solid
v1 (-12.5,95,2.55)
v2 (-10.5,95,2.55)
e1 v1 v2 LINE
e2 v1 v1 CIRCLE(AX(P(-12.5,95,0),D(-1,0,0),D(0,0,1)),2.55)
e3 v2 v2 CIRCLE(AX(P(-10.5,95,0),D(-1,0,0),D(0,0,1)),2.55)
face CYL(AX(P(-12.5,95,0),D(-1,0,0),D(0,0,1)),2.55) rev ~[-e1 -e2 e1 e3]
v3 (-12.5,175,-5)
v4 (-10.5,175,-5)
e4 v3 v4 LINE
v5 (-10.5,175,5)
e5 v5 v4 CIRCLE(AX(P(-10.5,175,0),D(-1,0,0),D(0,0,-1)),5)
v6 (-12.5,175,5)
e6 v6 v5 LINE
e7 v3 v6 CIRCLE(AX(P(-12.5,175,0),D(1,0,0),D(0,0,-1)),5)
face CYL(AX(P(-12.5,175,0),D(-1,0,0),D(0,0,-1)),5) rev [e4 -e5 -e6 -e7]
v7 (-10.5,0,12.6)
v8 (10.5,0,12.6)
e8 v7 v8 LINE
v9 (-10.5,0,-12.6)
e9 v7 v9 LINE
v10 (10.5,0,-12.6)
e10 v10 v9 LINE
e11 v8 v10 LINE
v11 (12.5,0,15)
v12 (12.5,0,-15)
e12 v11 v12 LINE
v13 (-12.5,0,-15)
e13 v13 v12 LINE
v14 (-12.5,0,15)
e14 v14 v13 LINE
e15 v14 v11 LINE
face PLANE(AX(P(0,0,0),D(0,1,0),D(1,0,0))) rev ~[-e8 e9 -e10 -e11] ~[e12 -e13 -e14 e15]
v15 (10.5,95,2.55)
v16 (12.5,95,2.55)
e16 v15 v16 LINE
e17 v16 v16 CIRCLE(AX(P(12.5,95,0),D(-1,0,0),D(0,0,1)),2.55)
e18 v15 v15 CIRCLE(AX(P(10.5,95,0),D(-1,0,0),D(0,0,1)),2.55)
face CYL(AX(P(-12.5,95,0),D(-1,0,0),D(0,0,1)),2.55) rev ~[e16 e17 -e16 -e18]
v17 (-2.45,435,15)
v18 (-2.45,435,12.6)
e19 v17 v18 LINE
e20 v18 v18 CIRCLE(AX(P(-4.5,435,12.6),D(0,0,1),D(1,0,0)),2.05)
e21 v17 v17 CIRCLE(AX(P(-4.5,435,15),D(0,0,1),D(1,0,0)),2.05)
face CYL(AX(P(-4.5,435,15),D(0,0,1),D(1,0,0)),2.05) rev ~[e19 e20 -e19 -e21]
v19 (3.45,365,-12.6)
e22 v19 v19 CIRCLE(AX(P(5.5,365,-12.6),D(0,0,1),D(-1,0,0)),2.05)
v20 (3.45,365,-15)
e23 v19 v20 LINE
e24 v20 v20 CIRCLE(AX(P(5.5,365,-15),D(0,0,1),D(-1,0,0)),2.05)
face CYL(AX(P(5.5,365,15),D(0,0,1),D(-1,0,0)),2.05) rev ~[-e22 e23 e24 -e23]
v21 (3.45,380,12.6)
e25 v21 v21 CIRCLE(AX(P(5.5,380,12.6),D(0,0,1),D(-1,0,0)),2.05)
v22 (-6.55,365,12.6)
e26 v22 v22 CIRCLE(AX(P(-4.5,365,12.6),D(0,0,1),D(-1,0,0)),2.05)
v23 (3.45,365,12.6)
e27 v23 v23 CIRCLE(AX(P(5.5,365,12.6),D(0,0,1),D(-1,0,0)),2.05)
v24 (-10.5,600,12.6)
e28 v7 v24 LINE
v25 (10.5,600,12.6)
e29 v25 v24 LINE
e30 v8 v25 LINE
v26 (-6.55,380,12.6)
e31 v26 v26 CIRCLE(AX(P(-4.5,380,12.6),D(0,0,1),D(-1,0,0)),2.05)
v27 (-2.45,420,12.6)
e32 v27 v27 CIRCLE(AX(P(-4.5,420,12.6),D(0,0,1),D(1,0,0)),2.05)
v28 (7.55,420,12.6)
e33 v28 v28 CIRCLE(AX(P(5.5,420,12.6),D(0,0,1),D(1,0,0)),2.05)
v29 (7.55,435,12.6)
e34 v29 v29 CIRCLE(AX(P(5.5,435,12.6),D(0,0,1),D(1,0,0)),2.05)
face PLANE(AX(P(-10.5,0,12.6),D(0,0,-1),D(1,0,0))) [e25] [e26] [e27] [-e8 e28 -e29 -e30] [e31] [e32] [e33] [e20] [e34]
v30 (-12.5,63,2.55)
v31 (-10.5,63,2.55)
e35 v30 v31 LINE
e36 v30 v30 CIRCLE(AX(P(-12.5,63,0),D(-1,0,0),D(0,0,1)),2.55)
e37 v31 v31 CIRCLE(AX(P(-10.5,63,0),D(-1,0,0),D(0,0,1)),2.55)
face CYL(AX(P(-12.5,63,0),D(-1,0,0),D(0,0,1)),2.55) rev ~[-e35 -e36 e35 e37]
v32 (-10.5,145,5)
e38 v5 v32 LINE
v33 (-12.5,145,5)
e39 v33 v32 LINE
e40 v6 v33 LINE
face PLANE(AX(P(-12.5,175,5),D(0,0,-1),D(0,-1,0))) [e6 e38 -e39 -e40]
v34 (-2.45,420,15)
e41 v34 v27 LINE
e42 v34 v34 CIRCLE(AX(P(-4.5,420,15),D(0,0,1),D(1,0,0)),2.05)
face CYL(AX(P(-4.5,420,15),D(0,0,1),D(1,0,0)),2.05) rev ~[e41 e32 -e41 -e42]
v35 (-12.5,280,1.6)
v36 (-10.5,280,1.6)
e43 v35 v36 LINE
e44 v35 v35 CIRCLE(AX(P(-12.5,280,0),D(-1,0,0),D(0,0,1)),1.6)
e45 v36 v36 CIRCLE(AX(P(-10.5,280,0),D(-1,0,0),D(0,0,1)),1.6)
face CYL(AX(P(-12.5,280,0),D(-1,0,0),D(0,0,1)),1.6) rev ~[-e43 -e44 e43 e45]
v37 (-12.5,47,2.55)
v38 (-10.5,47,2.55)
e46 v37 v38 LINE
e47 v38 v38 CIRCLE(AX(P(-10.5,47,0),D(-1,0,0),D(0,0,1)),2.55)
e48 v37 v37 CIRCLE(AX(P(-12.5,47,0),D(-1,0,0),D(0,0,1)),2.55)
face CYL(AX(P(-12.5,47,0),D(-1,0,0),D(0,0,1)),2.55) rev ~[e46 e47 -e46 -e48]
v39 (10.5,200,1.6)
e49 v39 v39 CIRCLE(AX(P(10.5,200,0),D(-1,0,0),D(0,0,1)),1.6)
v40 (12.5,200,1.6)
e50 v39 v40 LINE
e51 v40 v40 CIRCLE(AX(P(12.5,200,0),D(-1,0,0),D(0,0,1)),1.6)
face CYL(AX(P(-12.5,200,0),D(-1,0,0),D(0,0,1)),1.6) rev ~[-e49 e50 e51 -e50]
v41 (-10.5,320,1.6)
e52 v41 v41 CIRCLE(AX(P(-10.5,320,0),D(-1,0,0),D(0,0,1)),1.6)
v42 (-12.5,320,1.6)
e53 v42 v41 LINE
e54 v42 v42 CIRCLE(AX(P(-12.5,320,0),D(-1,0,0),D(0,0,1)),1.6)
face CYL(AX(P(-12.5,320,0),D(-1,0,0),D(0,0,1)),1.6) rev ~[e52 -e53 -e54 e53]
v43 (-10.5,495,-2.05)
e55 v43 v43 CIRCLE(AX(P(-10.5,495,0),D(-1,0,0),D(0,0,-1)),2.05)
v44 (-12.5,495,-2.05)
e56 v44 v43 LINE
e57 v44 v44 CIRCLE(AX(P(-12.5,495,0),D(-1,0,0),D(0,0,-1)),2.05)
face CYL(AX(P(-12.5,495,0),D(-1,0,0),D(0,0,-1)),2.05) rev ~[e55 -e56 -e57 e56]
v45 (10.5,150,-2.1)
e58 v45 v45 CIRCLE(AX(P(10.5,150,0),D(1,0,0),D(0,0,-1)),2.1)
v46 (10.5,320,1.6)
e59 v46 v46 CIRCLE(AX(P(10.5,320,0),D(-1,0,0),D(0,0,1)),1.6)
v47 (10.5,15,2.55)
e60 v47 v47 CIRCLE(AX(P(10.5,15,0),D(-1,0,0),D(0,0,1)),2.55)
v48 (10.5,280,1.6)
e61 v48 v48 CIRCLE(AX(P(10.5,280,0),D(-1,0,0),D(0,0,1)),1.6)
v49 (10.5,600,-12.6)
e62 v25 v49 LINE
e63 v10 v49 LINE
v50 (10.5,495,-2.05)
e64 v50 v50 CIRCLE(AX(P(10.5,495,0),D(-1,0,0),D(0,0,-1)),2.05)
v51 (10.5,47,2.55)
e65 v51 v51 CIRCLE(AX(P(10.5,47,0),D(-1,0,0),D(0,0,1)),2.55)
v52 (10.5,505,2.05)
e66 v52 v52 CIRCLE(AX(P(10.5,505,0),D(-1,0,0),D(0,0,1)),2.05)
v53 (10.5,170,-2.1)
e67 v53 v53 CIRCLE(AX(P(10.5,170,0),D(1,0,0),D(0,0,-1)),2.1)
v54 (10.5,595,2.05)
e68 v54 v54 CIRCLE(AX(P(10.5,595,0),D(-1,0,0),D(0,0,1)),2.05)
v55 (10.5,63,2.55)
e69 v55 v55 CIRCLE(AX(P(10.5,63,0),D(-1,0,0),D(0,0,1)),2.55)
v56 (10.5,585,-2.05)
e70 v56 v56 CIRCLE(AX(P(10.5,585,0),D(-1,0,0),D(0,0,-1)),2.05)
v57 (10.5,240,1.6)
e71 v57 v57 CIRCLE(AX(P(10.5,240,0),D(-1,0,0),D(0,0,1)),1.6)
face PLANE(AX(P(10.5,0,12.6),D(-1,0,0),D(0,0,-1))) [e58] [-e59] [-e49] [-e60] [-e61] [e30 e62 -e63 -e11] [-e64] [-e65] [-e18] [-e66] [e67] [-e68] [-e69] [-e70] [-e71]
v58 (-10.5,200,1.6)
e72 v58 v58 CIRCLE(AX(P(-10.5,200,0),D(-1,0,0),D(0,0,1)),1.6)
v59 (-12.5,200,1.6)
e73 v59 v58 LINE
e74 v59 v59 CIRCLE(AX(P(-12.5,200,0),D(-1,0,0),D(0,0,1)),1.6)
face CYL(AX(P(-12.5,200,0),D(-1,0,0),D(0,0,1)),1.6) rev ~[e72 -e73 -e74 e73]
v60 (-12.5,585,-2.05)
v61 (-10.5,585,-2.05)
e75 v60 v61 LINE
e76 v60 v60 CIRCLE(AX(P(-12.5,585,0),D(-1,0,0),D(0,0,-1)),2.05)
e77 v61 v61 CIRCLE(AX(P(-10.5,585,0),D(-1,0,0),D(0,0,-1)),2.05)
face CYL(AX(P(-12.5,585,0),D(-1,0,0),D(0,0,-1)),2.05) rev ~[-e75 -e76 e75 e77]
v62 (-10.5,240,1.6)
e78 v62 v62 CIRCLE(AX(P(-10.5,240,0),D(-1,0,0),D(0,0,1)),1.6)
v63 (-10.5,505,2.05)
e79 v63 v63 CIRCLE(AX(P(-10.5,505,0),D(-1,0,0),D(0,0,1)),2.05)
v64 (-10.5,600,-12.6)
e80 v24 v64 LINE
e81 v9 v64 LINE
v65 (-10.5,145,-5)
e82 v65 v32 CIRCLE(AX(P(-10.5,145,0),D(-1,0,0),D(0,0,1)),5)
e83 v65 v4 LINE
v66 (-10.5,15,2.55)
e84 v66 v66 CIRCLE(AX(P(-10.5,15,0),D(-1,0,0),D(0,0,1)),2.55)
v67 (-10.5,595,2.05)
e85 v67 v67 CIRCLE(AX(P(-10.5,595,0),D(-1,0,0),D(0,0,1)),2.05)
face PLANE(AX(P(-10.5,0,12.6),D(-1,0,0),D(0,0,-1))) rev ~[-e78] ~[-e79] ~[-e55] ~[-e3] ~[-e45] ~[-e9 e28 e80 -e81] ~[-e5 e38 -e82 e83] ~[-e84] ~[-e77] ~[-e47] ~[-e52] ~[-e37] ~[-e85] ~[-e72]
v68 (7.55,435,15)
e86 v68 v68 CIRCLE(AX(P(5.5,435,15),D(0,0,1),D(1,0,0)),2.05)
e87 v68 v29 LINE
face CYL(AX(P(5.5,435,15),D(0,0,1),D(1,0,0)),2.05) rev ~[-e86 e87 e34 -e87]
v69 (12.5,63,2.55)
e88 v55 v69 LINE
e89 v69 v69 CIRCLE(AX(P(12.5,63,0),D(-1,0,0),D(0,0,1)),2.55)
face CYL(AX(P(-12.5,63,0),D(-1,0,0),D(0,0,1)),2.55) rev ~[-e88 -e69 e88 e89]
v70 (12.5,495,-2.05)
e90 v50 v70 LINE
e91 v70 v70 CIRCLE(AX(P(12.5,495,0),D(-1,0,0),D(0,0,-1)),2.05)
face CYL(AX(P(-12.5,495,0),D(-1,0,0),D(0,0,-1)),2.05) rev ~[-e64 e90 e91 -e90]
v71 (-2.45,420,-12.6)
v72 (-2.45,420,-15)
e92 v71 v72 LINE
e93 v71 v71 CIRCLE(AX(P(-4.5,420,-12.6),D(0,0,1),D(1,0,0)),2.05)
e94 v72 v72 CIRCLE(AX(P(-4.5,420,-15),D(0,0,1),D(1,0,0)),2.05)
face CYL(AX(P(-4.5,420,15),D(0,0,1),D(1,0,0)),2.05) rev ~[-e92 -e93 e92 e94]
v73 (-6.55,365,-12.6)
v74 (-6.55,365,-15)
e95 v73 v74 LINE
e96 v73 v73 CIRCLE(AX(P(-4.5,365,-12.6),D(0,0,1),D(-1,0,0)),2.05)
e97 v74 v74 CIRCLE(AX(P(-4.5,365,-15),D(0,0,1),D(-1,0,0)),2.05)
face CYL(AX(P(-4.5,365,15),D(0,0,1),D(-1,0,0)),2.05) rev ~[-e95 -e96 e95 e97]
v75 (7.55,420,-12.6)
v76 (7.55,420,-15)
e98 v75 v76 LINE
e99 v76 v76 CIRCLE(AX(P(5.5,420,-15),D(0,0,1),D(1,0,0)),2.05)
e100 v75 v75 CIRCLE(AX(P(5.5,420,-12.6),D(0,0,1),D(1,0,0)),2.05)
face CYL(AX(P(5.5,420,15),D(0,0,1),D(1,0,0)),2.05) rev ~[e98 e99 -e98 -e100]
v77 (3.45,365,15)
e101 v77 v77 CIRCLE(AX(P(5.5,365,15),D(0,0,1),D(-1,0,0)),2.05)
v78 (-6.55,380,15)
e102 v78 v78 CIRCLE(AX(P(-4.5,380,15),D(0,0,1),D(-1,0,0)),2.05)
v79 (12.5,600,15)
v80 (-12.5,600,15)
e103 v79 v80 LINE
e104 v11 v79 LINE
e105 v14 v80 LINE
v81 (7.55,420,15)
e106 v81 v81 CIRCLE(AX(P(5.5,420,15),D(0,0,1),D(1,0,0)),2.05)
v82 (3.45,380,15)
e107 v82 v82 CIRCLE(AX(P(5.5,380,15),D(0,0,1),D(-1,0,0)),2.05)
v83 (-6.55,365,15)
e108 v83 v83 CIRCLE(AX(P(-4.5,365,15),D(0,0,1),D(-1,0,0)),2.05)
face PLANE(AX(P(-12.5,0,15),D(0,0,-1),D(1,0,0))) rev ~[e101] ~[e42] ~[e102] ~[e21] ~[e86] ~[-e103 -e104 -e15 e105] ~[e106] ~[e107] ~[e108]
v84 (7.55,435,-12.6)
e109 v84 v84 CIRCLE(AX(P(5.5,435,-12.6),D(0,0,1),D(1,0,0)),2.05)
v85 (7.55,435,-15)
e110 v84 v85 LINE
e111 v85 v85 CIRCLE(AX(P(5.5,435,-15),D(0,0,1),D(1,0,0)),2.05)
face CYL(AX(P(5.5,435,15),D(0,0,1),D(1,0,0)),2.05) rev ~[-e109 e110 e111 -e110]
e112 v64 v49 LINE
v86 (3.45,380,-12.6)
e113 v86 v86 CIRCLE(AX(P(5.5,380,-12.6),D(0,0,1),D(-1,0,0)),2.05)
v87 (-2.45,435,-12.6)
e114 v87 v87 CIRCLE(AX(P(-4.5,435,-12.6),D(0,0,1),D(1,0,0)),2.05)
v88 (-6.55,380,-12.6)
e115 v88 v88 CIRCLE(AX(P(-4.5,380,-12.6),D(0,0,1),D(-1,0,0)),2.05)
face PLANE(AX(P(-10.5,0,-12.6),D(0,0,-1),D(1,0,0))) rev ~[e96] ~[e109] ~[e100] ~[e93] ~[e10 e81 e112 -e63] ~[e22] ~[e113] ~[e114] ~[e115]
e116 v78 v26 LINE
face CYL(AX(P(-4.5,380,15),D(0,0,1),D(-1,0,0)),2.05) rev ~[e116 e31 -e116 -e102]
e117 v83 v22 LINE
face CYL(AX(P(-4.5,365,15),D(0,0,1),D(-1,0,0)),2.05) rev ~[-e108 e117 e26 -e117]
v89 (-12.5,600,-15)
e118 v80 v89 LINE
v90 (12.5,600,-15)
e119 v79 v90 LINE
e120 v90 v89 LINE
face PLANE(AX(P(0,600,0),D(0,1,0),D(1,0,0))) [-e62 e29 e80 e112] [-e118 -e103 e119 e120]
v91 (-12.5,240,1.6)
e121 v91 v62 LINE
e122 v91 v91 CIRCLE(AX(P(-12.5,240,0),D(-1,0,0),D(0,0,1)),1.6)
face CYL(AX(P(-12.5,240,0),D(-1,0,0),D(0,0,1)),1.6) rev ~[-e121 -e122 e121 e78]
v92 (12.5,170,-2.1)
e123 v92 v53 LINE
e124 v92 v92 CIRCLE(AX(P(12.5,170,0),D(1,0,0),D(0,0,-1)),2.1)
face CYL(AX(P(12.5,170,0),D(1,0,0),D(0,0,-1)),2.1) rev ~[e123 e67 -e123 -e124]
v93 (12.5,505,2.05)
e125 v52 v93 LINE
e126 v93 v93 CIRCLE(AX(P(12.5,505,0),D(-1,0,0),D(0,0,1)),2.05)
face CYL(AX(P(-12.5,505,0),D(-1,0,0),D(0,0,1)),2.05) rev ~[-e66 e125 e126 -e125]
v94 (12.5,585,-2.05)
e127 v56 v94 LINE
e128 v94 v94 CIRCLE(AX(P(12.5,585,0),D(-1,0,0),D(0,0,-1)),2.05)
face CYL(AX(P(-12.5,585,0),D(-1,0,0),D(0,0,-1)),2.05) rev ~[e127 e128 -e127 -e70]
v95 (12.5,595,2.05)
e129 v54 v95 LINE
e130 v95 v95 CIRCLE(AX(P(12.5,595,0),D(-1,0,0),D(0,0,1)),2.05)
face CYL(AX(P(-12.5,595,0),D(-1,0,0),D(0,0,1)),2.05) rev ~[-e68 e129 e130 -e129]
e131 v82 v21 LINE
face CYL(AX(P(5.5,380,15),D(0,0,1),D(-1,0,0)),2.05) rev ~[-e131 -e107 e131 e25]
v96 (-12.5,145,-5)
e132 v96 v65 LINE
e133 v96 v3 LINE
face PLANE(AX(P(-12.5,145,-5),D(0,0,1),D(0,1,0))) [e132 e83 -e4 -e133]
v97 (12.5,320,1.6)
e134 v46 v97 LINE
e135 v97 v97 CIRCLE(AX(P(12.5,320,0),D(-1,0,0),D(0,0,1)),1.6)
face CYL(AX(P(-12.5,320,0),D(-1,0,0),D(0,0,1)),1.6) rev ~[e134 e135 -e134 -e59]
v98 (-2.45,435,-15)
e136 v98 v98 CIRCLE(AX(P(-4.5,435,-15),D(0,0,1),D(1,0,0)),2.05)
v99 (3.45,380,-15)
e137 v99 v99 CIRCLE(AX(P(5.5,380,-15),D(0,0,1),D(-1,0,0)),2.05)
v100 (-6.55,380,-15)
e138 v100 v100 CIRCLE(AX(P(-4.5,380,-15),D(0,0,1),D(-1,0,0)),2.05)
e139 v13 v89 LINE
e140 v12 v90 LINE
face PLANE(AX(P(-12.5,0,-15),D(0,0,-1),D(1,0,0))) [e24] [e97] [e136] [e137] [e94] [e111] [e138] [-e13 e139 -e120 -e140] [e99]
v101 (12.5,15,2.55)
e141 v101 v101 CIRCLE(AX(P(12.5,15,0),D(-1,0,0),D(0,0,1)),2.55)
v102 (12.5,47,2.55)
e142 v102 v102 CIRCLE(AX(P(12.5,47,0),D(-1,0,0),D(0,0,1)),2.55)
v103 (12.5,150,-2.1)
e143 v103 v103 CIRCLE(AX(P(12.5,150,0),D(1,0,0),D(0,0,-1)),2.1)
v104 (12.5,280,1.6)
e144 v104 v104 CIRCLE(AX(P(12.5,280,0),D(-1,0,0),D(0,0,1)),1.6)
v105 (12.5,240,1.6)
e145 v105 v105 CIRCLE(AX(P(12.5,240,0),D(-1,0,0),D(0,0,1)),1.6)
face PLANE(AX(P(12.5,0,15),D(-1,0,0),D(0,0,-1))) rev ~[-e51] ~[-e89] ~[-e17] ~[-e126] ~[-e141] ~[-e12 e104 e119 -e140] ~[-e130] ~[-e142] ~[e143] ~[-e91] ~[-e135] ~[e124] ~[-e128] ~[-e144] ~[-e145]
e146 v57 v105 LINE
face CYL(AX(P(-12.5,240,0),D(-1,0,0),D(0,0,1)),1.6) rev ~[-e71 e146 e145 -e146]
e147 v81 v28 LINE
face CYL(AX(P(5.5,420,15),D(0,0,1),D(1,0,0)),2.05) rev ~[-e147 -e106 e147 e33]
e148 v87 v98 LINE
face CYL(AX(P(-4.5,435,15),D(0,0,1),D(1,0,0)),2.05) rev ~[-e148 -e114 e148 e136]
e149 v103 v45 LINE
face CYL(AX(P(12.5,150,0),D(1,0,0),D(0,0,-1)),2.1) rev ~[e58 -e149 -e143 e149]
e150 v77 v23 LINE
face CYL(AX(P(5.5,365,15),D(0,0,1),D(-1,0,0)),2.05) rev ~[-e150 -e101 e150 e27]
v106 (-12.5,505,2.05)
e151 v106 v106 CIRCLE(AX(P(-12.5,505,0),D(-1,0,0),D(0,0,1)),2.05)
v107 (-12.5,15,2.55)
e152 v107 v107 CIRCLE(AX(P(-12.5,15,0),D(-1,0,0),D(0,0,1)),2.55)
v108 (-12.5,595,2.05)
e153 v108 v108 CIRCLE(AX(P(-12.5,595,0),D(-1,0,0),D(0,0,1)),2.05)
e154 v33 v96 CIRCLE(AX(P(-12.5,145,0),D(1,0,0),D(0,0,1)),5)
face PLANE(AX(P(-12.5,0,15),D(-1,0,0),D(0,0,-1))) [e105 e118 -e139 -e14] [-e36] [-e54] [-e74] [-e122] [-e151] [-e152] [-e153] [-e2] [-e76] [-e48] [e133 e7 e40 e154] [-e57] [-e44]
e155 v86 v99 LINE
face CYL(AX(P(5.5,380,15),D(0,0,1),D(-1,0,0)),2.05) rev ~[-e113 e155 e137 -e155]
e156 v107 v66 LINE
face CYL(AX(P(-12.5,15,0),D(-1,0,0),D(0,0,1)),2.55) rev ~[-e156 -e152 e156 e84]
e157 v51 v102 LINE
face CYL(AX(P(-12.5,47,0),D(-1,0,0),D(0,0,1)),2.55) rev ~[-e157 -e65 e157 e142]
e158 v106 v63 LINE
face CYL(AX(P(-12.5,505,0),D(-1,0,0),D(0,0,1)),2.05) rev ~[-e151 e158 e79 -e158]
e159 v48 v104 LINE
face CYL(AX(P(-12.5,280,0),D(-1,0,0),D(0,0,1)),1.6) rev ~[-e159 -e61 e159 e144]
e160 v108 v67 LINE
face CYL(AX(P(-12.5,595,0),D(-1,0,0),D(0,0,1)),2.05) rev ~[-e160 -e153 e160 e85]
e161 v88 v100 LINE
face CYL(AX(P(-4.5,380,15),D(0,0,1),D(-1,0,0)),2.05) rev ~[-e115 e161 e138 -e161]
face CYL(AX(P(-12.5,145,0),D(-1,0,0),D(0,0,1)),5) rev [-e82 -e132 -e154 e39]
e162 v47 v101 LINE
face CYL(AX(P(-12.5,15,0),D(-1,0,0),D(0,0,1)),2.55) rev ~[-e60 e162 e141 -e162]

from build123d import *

# Parameters (mm, degrees)
SKETCH_1_W           = 25
SKETCH_1_H           = 30
SKETCH_1_W_2         = 21
SKETCH_1_H_2         = 25.2
EXTRUDE_1_DEPTH      = 600
SKETCH_3_R           = 2.05
SKETCH_3_R_2         = 2.55
CUT_EXTRUDE_2_DEPTH  = 601.707915713
SKETCH_4_R           = 2.05
CUT_EXTRUDE_3_DEPTH  = 601.87956364
SKETCH_6_R           = 2.55
CUT_EXTRUDE_4_DEPTH  = 42
CUT_EXTRUDE_5_REACH  = 602.708
SKETCH_7_R           = 2.1
SKETCH_8_OUTSIDE_W   = 152.254
SKETCH_8_OUTSIDE_H   = 722.254
SKETCH_8_OUTSIDE_W_2 = 30
SKETCH_8_OUTSIDE_H_2 = 600
CUT_EXTRUDE_8_DEPTH  = 5
SKETCH_9_R           = 1.6
CUT_EXTRUDE_9_DEPTH  = 40


with BuildPart() as part:
    # 草图1 → 凸台-拉伸1 (new body)
    with BuildSketch(Plane(origin=(0, 0, 0), x_dir=(1, 0, 0), z_dir=(0, 1, 0))):
        Rectangle(SKETCH_1_W, SKETCH_1_H)
        Rectangle(SKETCH_1_W_2, SKETCH_1_H_2, mode=Mode.SUBTRACT)
    extrude(amount=EXTRUDE_1_DEPTH)

    # 草图3 → 切除-拉伸2 (cut, through all)
    with BuildSketch(Plane.ZY.offset(12.5)):
        with Locations((0, 595)):
            Circle(SKETCH_3_R)
        with Locations(Location((0, 585, 0), (0, 0, 180))):
            Circle(SKETCH_3_R)
        with Locations((0, 505)):
            Circle(SKETCH_3_R)
        with Locations(Location((0, 495, 0), (0, 0, 180))):
            Circle(SKETCH_3_R)
        with Locations((0, 15)):
            Circle(SKETCH_3_R_2)
        with Locations((0, 47)):
            Circle(SKETCH_3_R_2)
    extrude(amount=-CUT_EXTRUDE_2_DEPTH, mode=Mode.SUBTRACT)

    # 草图4 → 切除-拉伸3 (cut, through all)
    with BuildSketch(Plane.XY.offset(15)):
        with Locations((5.5, 435)):
            Circle(SKETCH_4_R)
        with Locations((-4.5, 435)):
            Circle(SKETCH_4_R)
        with Locations((-4.5, 420)):
            Circle(SKETCH_4_R)
        with Locations((5.5, 420)):
            Circle(SKETCH_4_R)
        with Locations(Location((-4.5, 380, 0), (0, 0, 180))):
            Circle(SKETCH_4_R)
        with Locations(Location((-4.5, 365, 0), (0, 0, 180))):
            Circle(SKETCH_4_R)
        with Locations(Location((5.5, 365, 0), (0, 0, 180))):
            Circle(SKETCH_4_R)
        with Locations(Location((5.5, 380, 0), (0, 0, 180))):
            Circle(SKETCH_4_R)
    extrude(amount=-CUT_EXTRUDE_3_DEPTH, mode=Mode.SUBTRACT)

    # 草图6 → 切除-拉伸4 (cut)
    with BuildSketch(Plane.ZY.offset(12.5)):
        with Locations((0, 63)):
            Circle(SKETCH_6_R)
        with Locations((0, 95)):
            Circle(SKETCH_6_R)
    extrude(amount=-CUT_EXTRUDE_4_DEPTH, mode=Mode.SUBTRACT)

    # 草图7 → 切除-拉伸5 (cut, up to next)
    with BuildSketch(Plane(origin=(12.5, 0, 0), x_dir=(0, 0, -1), z_dir=(1, 0, 0)), mode=Mode.PRIVATE) as cut_extrude_5_sk1:
        with Locations((0, 150)):
            Circle(SKETCH_7_R)
    cut_extrude_5_tool1 = extrude(cut_extrude_5_sk1.sketch, amount=-CUT_EXTRUDE_5_REACH, mode=Mode.PRIVATE) & part.part
    # 草图7 → 切除-拉伸5 (cut, up to next)
    with BuildSketch(Plane(origin=(12.5, 0, 0), x_dir=(0, 0, -1), z_dir=(1, 0, 0)), mode=Mode.PRIVATE) as cut_extrude_5_sk2:
        with Locations((0, 170)):
            Circle(SKETCH_7_R)
    cut_extrude_5_tool2 = extrude(cut_extrude_5_sk2.sketch, amount=-CUT_EXTRUDE_5_REACH, mode=Mode.PRIVATE) & part.part
    add(cut_extrude_5_tool1.solids().sort_by_distance((12.5, 150, 0))[0], mode=Mode.SUBTRACT)
    add(cut_extrude_5_tool2.solids().sort_by_distance((12.5, 170, 0))[0], mode=Mode.SUBTRACT)

    # 草图8 outside → 切除-拉伸8 (cut)
    # profile 1 of 2: a face of its own
    with BuildSketch(Plane.ZY.offset(12.5)):
        with Locations((0, 300)):
            Rectangle(SKETCH_8_OUTSIDE_W, SKETCH_8_OUTSIDE_H)
        with Locations((0, 300)):
            Rectangle(SKETCH_8_OUTSIDE_W_2, SKETCH_8_OUTSIDE_H_2, mode=Mode.SUBTRACT)
    # profile 2 of 2: a face of its own
    with BuildSketch(Plane.ZY.offset(12.5)):
        with BuildLine():
            Line((5, 175), (5, 145))
            ThreePointArc((5, 145), (0, 140), (-5, 145))
            Line((-5, 145), (-5, 175))
            ThreePointArc((-5, 175), (0, 180), (5, 175))
        make_face()
    extrude(amount=-CUT_EXTRUDE_8_DEPTH, mode=Mode.SUBTRACT)

    # 草图9 → 切除-拉伸9 (cut)
    with BuildSketch(Plane.ZY.offset(12.5)):
        with Locations((0, 320)):
            Circle(SKETCH_9_R)
        with Locations((0, 280)):
            Circle(SKETCH_9_R)
        with Locations((0, 240)):
            Circle(SKETCH_9_R)
        with Locations((0, 200)):
            Circle(SKETCH_9_R)
    extrude(amount=-CUT_EXTRUDE_9_DEPTH, mode=Mode.SUBTRACT)


solid = part.part
